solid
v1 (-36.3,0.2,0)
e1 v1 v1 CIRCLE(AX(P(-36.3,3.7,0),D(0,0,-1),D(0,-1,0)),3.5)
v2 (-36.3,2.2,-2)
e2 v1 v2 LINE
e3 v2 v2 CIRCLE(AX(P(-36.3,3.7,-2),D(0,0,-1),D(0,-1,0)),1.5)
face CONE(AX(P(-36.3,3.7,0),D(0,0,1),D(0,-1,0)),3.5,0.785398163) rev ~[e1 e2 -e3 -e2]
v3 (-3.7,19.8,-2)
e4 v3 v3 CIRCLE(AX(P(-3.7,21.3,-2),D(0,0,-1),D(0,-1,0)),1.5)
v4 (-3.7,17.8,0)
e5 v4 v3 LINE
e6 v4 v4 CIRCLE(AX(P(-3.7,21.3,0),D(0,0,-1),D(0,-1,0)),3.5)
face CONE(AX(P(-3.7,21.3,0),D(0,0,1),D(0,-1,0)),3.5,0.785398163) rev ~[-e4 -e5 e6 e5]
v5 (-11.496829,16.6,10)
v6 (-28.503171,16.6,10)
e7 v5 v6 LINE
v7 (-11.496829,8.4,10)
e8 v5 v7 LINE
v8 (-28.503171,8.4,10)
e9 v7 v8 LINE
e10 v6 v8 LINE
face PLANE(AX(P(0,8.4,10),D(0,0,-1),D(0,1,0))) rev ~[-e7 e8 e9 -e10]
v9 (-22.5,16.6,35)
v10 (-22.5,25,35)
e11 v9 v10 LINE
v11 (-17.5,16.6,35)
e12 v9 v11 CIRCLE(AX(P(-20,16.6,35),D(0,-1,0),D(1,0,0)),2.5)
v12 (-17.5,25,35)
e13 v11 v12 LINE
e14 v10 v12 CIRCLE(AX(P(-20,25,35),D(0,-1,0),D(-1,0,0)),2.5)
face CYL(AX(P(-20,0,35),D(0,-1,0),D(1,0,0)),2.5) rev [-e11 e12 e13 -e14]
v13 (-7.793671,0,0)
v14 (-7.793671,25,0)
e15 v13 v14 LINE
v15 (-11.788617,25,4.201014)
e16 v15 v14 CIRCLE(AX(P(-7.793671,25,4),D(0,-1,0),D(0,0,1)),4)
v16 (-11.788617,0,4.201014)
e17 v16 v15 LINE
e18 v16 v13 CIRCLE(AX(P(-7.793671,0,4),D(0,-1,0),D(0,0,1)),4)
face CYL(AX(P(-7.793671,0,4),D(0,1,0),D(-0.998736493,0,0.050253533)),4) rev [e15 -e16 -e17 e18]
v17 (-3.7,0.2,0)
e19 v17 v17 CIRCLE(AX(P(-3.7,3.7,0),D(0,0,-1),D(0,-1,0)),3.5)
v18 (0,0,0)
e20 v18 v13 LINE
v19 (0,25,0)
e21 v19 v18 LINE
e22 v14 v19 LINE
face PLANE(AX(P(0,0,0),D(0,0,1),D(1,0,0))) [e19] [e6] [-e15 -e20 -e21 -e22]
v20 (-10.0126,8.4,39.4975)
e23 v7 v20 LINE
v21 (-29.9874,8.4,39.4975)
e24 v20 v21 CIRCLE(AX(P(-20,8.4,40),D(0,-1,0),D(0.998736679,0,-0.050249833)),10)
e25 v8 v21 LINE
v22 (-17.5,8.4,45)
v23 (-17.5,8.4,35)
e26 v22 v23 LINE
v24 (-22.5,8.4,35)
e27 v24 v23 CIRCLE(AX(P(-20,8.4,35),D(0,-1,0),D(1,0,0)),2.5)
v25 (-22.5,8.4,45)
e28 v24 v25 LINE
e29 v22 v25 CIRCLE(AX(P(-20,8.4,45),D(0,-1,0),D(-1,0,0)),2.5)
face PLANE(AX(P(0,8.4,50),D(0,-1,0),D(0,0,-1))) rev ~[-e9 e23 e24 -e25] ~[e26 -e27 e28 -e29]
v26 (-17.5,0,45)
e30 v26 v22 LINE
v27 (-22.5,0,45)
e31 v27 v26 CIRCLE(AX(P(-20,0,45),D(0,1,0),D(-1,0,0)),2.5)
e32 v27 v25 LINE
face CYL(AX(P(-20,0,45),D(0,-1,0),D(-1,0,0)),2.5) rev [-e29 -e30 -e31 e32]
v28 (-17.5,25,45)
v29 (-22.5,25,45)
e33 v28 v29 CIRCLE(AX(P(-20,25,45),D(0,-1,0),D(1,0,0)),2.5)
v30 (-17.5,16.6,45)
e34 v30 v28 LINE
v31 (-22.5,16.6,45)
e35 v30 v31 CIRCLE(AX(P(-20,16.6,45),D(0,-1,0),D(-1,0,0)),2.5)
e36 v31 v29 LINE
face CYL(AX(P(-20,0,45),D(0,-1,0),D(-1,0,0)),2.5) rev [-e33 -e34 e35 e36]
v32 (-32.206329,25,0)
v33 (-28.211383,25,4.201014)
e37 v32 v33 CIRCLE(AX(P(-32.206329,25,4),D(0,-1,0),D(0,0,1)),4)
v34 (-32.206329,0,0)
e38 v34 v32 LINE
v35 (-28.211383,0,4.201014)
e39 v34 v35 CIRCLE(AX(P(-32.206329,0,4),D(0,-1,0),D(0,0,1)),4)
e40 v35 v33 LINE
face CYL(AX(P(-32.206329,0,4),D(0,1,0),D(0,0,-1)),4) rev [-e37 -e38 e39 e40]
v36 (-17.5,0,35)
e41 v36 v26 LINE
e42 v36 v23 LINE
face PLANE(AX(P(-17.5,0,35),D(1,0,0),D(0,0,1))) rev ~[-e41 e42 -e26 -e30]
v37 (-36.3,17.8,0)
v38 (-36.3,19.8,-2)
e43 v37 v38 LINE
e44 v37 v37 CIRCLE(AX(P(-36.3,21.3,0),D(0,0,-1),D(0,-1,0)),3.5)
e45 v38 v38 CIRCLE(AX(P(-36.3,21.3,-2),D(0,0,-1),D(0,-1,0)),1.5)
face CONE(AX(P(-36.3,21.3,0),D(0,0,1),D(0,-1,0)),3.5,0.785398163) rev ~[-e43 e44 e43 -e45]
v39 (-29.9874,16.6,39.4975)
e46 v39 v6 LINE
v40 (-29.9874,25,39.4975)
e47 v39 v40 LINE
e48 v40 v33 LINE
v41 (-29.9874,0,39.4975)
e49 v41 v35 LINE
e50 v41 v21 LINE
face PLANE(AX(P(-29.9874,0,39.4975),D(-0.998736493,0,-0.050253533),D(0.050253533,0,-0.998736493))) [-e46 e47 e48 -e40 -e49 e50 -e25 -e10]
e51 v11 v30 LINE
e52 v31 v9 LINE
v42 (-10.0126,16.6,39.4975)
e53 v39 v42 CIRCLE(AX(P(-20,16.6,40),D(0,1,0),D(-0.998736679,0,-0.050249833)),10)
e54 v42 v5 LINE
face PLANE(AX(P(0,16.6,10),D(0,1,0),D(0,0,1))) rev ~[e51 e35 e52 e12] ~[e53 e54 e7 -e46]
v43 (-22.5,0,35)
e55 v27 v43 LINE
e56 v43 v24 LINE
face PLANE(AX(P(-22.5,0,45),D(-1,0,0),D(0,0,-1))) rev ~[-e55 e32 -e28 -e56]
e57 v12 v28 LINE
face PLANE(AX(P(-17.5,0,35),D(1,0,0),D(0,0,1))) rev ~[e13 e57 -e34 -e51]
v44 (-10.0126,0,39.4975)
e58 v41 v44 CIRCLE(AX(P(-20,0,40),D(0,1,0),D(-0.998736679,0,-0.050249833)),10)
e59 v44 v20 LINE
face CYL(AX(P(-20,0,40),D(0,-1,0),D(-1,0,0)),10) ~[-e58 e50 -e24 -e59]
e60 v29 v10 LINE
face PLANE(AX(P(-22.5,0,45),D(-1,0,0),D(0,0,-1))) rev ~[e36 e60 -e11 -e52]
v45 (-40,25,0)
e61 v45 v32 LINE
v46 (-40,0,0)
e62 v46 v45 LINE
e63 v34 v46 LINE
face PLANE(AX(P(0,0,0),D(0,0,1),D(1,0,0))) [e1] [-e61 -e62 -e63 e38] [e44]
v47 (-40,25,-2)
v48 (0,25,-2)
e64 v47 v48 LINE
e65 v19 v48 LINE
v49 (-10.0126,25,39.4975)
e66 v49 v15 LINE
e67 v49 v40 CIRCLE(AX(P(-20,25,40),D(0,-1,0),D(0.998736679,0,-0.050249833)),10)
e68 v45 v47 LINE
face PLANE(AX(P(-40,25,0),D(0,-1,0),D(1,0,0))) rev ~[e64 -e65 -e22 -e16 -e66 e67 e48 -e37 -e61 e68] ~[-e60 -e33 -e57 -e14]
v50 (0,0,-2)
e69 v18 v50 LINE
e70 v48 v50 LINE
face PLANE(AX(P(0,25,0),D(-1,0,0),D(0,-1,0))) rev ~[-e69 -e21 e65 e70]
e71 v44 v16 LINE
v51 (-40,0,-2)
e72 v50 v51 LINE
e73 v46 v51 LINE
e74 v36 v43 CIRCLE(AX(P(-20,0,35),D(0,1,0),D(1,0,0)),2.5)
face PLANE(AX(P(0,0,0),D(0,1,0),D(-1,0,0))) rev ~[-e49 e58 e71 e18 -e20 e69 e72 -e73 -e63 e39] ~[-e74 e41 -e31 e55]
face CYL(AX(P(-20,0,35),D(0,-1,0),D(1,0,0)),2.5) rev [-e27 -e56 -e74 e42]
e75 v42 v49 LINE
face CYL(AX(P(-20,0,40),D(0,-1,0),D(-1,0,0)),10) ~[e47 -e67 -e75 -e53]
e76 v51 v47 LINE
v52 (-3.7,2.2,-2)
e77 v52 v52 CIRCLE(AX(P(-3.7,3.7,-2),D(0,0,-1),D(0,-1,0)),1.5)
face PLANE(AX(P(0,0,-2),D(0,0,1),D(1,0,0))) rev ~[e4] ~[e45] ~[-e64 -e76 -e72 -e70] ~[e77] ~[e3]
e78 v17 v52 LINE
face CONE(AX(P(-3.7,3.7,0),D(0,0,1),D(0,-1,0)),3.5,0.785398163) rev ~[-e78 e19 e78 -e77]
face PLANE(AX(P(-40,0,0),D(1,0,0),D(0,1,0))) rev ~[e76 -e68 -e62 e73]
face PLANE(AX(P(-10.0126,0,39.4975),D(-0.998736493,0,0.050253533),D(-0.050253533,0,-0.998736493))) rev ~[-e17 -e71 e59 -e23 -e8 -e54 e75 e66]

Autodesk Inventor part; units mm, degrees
ref_plane "YZ Plane" through (0, 0, 0) normal (1, 0, 0) x (0, 1, 0)
ref_plane "XZ Plane" through (0, 0, 0) normal (0, 1, 0) x (-1, 0, 0)
ref_plane "XY Plane" through (0, 0, 0) normal (0, 0, 1) x (1, 0, 0)
sketch "Skizze3" plane through (0, 0, 0) normal (0, 0, 1) x (1, 0, 0)
  line L0 (0, 0) -> (-40, 0)
  line L1 (-40, 0) -> (-40, 25)
  line L2 (-40, 25) -> (0, 25)
  line L3 (0, 25) -> (0, 0)
  point P0 (-3.7, 3.7)
  dimension "d4" = 25
  dimension "d5" = 40
  dimension "d6" = 3.7
  dimension "d7" = 3.7
sketch "Skizze4" plane through (0, 0, 0) normal (0, 1, 0) x (-1, 0, 0)
  line L0 (0, 0) -> (40, 0) projected
  line L1 (20, 0) -> (20, 50)
  line L2 (20, 45) -> (20, 35) construction
  line L3 (22.5, 45) -> (22.5, 35)
  line L4 (17.5, 35) -> (17.5, 45)
  arc A0 (22.5, 45) -> (17.5, 45) centre (20, 45) ccw
  arc A1 (17.5, 35) -> (22.5, 35) centre (20, 35) ccw
  circle A2 centre (20, 40) radius 10
  line L5 (29.9874, 39.4975) -> (28, 0)
  line L6 (10.0126, 39.4975) -> (12, 0)
  dimension "d8" = 50
  dimension "d9" = 10
  dimension "d10" = 5
  dimension "d11" = 10
  dimension "d12" = 8
  dimension "d13" = 8
extrude "Extrusion3" add sketch "Skizze4" along normal blind 25 contours L6 A2 L1 L0 | L1 A2 L5 L0 | A2 L1 A0 L4 A1 | L1 A1 L3 A0 A2
extrude "Extrusion4" add sketch "Skizze3" against normal blind 2
hole "Bohrung1" at (-3.7, 3.7, 0) direction (0, 0, -1) diameter 2.459 depth 8.8 countersink diameter 7 countersink angle 90 thread size "M3x0.5" class "6H" standard "ISO Metric profile"
sketch "Skizze5" plane through (0, 0, 0) normal (1, 0, 0) x (0, 0, -1)
  line L0 (-50, 0) -> (-50, 25) projected
  line L1 (-50, 8.4) -> (-10, 8.4)
  line L2 (-10, 8.4) -> (-10, 16.6)
  line L3 (-10, 16.6) -> (-50, 16.6)
  line L4 (-50, 16.6) -> (-50, 8.4)
  point P0 (0, 0)
  point P1 (-50, 12.5)
  dimension "d25" = 8.2
  dimension "d26" = 40
extrude "Extrusion5" cut sketch "Skizze5" against normal through all
pattern_linear "Rechteckige Anordnung1" count 2 spacing 32.6 along (-1, 0, 0) count 2 spacing 17.6 along (0, 1, 0) of "Bohrung1"
fillet "Rundung1" radius 4 2 edges at (-28, 12.5, 0) (-12, 12.5, 0)
equation "\"d7\" = d6"
equation "\"d13\" = d12"
equation "\"d14\" = d4"
equation "\"d31\" = d5 - 2 * d6"
equation "\"d34\" = d4 - 2 * d7"
properties part number "BT101_trajan20_21"
